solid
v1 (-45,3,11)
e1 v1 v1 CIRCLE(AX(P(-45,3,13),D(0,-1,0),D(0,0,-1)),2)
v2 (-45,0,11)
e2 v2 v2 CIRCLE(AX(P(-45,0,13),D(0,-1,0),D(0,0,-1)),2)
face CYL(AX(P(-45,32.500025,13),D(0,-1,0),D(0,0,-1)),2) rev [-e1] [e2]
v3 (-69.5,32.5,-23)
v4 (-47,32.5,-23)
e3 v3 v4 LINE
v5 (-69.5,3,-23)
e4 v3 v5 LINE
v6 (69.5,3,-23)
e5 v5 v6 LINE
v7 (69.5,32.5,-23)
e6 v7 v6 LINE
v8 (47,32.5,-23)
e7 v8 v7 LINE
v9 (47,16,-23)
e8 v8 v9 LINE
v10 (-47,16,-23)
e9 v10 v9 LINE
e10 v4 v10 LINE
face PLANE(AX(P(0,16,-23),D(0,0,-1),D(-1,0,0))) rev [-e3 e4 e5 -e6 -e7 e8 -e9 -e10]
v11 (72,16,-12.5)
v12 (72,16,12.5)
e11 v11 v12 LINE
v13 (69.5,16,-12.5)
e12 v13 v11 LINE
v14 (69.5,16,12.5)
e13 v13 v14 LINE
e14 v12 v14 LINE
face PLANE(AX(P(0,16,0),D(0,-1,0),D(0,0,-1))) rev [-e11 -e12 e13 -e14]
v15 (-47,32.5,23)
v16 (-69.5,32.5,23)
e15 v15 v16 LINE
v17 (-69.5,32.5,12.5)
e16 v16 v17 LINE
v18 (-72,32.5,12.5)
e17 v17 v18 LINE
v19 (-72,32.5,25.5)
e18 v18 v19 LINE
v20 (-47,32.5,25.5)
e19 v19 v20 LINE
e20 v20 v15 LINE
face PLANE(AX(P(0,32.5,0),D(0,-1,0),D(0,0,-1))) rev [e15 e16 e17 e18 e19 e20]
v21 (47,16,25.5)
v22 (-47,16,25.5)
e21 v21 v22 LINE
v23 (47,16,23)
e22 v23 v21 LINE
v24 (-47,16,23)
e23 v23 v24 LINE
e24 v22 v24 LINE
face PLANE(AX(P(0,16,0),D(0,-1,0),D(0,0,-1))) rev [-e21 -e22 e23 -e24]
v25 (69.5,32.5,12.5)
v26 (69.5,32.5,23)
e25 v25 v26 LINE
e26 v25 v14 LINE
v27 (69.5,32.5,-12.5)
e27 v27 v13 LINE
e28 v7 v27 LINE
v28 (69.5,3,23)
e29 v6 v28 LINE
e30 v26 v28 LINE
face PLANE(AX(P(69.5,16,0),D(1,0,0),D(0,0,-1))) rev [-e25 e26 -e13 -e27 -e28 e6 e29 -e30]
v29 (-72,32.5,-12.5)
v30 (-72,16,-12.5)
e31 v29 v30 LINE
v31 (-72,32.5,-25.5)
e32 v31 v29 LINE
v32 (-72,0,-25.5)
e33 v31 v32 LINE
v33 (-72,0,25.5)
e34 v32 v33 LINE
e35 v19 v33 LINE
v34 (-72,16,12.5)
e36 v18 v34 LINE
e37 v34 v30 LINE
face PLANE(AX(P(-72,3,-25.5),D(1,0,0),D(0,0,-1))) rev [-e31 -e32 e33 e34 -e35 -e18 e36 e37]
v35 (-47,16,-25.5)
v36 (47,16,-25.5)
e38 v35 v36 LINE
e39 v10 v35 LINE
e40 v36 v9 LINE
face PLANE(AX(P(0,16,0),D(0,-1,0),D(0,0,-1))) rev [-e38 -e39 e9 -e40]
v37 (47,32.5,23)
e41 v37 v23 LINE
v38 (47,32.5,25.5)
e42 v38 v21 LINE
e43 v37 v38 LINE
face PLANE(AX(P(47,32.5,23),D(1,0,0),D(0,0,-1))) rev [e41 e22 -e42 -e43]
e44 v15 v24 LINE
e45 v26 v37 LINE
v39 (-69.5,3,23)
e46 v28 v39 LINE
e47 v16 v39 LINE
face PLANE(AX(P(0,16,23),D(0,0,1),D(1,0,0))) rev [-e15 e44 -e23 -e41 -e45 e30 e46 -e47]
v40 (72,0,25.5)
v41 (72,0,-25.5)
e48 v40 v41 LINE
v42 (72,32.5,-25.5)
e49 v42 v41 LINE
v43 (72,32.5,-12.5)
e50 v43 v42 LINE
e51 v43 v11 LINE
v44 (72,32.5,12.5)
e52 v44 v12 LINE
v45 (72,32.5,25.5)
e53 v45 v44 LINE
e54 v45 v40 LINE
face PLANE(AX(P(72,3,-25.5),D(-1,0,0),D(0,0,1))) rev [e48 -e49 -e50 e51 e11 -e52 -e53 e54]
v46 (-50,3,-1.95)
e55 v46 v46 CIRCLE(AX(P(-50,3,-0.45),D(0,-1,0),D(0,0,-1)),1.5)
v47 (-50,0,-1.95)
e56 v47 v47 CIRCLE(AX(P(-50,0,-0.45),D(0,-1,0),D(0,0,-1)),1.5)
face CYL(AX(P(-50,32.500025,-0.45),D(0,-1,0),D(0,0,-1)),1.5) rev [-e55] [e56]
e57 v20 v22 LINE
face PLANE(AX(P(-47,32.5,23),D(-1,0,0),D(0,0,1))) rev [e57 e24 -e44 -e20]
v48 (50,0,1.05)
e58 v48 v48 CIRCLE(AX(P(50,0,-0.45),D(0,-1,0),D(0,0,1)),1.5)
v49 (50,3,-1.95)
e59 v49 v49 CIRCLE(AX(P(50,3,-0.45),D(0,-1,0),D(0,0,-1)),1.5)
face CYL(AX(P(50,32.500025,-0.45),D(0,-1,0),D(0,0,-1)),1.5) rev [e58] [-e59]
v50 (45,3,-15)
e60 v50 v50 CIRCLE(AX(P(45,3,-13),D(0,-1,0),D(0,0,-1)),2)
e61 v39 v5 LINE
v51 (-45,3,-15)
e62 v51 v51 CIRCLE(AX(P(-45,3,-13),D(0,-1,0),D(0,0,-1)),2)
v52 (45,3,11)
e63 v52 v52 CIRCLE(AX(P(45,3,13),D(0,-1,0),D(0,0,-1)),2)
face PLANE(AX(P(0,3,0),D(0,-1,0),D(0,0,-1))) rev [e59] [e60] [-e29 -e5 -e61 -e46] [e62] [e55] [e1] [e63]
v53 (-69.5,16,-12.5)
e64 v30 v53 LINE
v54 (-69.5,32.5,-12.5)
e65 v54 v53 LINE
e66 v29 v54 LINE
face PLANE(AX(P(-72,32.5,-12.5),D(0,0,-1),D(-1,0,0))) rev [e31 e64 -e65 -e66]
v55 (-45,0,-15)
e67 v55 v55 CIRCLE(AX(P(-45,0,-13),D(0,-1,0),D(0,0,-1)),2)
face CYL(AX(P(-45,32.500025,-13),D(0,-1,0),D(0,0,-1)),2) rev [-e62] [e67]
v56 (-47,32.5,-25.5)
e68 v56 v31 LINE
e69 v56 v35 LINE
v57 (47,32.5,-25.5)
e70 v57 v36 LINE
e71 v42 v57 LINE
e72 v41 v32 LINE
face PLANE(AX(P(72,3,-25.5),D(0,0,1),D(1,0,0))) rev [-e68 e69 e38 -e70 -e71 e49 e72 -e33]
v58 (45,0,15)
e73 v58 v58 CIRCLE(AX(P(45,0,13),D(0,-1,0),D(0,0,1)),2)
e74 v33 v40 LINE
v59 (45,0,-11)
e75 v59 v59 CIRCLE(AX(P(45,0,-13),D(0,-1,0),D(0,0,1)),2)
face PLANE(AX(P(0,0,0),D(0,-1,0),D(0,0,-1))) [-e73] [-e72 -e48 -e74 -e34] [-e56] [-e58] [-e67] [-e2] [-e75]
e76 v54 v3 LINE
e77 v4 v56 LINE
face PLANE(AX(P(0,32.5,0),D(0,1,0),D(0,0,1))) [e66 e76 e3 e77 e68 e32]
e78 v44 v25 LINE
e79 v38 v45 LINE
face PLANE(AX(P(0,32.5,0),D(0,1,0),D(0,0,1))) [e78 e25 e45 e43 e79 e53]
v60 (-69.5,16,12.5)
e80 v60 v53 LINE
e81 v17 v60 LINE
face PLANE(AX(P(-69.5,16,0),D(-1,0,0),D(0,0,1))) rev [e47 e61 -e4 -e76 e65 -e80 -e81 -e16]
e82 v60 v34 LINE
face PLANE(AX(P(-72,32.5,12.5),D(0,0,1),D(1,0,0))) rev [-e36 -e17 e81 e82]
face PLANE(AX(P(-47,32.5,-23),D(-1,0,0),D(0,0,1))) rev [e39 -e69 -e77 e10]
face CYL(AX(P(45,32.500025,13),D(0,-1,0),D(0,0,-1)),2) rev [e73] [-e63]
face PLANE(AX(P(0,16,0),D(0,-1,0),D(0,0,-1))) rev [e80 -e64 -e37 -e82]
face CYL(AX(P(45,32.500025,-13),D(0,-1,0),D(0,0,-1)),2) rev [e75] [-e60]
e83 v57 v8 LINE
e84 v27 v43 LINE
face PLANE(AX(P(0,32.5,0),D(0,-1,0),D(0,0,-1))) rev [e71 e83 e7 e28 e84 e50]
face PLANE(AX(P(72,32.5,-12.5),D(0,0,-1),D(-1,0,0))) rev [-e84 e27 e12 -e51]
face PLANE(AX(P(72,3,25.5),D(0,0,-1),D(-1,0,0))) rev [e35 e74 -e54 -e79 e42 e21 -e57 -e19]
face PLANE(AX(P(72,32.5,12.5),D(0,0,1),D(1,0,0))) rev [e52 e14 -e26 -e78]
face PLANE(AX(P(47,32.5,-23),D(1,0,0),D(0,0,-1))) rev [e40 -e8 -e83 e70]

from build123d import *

# Parameters (mm, degrees)
SKETCH1_W           = 144
SKETCH1_H           = 51
BOSS_EXTRUDE1_DEPTH = 3
BOSS_EXTRUDE2_START = -3
SKETCH2_W           = 144
SKETCH2_H           = 51
SKETCH2_W_2         = 139
SKETCH2_H_2         = 46
BOSS_EXTRUDE2_DEPTH = 16
BOSS_EXTRUDE3_DEPTH = 16.5
SKETCH4_R           = 2
SKETCH4_R_2         = 1.5
CUT_EXTRUDE1_DEPTH  = 84.009035653


with BuildPart() as part:
    # Sketch1 → Boss-Extrude1 (new body)
    with BuildSketch(Plane(origin=(0, 0, 0), x_dir=(1, 0, 0), z_dir=(0, 1, 0))):
        Rectangle(SKETCH1_W, SKETCH1_H)
    extrude(amount=BOSS_EXTRUDE1_DEPTH)

    # Sketch2 → Boss-Extrude2 (add)
    with BuildSketch(Plane(origin=(0, 3, 0), x_dir=(1, 0, 0), z_dir=(0, 1, 0)).offset(BOSS_EXTRUDE2_START)):
        Rectangle(SKETCH2_W, SKETCH2_H)
        Rectangle(SKETCH2_W_2, SKETCH2_H_2, mode=Mode.SUBTRACT)
    extrude(amount=BOSS_EXTRUDE2_DEPTH)

    # Sketch3 → Boss-Extrude3 (add)
    with BuildSketch(Plane(origin=(0, 16, 0), x_dir=(1, 0, 0), z_dir=(0, 1, 0))):
        Polygon((-72, 25.5), (-72, 12.5), (-69.5, 12.5), (-69.5, 23), (-47, 23), (-47, 25.5), align=None)
        Polygon((47, 25.5), (72, 25.5), (72, 12.5), (69.5, 12.5), (69.5, 23), (47, 23), align=None)
        Polygon((72, -25.5), (72, -12.5), (69.5, -12.5), (69.5, -23), (47, -23), (47, -25.5), align=None)
        Polygon((-47, -25.5), (-72, -25.5), (-72, -12.5), (-69.5, -12.5), (-69.5, -23), (-47, -23), align=None)
    extrude(amount=BOSS_EXTRUDE3_DEPTH)

    # Sketch4 → Cut-Extrude1 (cut, through all)
    with BuildSketch(Plane.XZ):
        with Locations(Location((-45, -13, 0), (0, 0, 270))):
            Circle(SKETCH4_R)
        with Locations(Location((-45, 13, 0), (0, 0, 270))):
            Circle(SKETCH4_R)
        with Locations(Location((45, 13, 0), (0, 0, 270))):
            Circle(SKETCH4_R)
        with Locations(Location((45, -13, 0), (0, 0, 270))):
            Circle(SKETCH4_R)
        with Locations(Location((-50, -0.45, 0), (0, 0, 270))):
            Circle(SKETCH4_R_2)
        with Locations(Location((50, -0.45, 0), (0, 0, 270))):
            Circle(SKETCH4_R_2)
    extrude(amount=-CUT_EXTRUDE1_DEPTH, mode=Mode.SUBTRACT)


solid = part.part
